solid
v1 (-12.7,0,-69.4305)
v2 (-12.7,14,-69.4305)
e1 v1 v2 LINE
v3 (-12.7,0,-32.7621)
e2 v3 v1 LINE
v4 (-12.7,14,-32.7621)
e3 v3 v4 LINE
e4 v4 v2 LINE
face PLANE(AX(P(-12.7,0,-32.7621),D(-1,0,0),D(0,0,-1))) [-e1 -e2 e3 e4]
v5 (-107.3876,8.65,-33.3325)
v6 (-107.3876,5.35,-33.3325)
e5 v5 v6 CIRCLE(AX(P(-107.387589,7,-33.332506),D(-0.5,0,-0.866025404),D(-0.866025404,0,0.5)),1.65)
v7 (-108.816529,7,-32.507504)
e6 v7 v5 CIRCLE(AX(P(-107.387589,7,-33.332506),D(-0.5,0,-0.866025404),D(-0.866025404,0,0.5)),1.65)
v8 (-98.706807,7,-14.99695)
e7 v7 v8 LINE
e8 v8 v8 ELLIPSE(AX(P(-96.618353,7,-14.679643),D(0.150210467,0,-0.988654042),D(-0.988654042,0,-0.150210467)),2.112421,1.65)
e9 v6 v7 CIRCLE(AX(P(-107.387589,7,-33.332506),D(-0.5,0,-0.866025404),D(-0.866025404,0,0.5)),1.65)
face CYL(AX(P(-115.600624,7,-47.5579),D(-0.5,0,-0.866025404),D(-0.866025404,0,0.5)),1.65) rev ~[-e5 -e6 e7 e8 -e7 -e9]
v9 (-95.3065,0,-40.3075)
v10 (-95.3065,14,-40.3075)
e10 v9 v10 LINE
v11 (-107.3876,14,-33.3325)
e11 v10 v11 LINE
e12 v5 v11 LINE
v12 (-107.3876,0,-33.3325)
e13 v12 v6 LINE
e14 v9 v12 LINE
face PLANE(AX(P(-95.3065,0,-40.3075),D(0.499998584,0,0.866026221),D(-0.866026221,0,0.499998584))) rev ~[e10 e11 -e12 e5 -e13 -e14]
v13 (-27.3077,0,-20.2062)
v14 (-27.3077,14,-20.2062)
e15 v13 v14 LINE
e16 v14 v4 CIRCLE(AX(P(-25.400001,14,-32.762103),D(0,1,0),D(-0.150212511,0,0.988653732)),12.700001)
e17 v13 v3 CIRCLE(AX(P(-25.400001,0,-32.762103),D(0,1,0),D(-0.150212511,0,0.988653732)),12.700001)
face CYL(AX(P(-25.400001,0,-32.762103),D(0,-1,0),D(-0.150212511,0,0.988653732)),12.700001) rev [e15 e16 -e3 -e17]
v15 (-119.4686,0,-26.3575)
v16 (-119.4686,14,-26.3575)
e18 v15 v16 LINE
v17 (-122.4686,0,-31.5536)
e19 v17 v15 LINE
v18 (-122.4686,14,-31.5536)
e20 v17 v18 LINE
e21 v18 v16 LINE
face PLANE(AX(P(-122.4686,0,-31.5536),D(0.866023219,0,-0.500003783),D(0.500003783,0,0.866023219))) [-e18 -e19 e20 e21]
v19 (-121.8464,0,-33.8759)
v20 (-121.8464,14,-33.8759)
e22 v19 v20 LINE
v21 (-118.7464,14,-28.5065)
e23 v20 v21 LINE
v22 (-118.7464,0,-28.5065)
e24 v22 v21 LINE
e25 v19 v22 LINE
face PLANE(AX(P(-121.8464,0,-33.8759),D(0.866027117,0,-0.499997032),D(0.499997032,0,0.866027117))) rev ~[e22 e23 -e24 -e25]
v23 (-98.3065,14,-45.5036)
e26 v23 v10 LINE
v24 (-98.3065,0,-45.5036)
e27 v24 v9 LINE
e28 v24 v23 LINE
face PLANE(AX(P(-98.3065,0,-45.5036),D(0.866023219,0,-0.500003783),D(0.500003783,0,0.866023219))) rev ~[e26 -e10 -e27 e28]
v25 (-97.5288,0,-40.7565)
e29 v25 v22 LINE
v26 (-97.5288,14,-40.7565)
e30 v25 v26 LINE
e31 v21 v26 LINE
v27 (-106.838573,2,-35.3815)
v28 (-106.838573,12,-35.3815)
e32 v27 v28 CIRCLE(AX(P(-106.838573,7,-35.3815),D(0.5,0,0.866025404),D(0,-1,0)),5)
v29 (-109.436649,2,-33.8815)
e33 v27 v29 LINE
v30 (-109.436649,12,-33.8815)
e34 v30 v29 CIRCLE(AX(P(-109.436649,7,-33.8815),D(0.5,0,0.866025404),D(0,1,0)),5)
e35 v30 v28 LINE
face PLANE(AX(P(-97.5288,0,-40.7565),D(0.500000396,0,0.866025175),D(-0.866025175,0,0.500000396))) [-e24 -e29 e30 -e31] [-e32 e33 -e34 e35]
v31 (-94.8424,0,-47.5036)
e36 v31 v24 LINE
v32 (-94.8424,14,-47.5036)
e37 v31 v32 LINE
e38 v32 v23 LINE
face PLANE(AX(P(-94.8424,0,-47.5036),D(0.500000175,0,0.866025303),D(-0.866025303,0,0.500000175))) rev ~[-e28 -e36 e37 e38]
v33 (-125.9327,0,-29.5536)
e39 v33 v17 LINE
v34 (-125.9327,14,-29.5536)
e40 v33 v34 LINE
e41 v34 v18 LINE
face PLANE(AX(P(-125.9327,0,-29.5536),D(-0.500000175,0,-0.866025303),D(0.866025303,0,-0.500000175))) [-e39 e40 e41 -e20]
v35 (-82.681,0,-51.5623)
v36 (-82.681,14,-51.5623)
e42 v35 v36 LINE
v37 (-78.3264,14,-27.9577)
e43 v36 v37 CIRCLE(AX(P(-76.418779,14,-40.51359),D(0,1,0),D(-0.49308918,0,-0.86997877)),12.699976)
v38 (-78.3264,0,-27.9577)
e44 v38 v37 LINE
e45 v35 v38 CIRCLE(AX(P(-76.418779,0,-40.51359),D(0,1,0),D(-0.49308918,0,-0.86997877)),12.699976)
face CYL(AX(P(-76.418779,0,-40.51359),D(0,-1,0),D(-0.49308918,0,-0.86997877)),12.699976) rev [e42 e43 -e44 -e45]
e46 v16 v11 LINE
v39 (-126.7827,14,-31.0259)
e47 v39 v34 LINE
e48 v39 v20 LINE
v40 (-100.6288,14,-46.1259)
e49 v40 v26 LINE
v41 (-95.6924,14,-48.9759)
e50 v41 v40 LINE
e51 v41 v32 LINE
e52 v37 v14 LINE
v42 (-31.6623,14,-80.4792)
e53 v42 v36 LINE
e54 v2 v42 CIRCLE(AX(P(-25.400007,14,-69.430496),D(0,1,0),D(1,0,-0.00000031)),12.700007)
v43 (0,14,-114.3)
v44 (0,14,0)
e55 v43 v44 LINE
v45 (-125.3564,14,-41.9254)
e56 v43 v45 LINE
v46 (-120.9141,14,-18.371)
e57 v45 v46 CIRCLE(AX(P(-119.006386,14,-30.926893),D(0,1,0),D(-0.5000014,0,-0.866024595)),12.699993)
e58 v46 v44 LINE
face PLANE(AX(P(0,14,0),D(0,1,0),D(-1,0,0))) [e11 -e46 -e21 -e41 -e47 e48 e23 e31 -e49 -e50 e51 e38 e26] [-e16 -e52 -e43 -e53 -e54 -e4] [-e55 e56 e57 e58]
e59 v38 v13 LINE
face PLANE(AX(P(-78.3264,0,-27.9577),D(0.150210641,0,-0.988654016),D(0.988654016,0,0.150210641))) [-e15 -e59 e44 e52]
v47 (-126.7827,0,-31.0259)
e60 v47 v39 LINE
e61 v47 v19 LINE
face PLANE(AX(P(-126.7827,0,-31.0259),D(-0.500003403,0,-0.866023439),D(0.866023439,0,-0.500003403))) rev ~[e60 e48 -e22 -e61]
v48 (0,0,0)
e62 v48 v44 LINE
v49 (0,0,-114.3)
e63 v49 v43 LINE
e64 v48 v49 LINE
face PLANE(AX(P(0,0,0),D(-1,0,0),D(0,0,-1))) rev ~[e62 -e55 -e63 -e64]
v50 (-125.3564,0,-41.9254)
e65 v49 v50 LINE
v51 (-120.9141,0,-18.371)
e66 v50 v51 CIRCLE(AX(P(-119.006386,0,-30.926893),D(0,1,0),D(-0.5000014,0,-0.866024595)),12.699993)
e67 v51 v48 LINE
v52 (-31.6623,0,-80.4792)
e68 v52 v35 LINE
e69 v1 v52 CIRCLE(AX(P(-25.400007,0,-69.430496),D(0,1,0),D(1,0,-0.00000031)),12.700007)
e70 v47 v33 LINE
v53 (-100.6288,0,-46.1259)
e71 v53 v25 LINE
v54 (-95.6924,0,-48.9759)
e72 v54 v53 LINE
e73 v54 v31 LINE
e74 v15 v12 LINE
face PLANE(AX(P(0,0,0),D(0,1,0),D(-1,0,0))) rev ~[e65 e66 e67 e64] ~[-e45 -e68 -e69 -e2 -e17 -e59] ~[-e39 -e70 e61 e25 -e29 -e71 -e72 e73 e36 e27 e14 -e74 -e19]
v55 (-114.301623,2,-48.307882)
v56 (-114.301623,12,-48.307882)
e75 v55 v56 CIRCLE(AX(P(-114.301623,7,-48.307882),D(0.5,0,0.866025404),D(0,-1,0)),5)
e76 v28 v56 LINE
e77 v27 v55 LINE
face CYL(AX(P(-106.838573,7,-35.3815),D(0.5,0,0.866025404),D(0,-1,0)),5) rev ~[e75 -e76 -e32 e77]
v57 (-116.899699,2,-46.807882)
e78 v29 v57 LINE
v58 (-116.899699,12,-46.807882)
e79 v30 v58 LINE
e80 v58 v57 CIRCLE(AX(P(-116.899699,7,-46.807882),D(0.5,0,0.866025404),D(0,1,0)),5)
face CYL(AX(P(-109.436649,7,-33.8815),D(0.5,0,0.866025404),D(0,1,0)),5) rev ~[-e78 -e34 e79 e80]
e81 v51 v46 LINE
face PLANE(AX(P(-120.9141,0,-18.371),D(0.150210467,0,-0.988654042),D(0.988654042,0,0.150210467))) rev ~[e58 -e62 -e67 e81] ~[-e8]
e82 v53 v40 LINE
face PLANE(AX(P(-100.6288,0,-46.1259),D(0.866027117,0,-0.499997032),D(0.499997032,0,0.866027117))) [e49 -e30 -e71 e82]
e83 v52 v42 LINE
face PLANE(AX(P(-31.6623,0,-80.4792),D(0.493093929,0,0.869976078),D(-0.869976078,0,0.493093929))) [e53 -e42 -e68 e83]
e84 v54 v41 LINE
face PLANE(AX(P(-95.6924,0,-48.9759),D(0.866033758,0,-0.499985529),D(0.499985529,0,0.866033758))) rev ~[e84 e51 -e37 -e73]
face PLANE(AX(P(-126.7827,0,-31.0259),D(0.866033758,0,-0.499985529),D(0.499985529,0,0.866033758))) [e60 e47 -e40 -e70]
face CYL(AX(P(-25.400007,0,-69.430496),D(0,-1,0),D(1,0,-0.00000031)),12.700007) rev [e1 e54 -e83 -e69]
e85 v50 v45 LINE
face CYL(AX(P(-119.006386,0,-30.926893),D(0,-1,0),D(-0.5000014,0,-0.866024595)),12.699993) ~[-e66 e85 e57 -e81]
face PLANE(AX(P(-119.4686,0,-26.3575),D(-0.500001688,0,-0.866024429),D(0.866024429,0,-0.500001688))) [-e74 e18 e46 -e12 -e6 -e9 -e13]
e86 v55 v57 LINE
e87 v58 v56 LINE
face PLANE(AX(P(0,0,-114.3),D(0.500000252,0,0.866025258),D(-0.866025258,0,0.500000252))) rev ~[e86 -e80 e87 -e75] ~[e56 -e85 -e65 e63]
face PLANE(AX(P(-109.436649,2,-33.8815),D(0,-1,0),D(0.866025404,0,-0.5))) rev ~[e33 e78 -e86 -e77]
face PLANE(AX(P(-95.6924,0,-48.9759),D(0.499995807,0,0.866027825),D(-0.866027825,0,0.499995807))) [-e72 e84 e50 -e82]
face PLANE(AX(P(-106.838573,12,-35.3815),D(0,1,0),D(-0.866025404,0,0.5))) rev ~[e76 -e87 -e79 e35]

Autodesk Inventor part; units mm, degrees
ref_plane "YZ Plane" through (0, 0, 0) normal (1, 0, 0) x (0, 1, 0)
ref_plane "XZ Plane" through (0, 0, 0) normal (0, 1, 0) x (-1, 0, 0)
ref_plane "XY Plane" through (0, 0, 0) normal (0, 0, 1) x (1, 0, 0)
sketch "Sketch1" plane through (0, 0, 0) normal (0, 1, 0) x (-1, 0, 0)
  line L0 (0, 0) -> (0, -114.3)
  line L1 (0, -114.3) -> (125.3564, -41.9254)
  line L2 (0, -114.3) -> (144.7491, -114.3) construction
  line L3 (120.9141, -18.371) -> (0, 0)
  arc A0 (125.3564, -41.9254) -> (120.9141, -18.371) centre (119.0064, -30.9269) ccw
  line L4 (12.7, -32.7621) -> (12.7, -69.4305)
  line L5 (0, -114.3) -> (0, -98.425)
  line L6 (31.6623, -80.4792) -> (82.681, -51.5623)
  line L7 (78.3264, -27.9577) -> (27.3077, -20.2062)
  arc A1 (82.681, -51.5623) -> (78.3264, -27.9577) centre (76.4188, -40.5136) ccw
  arc A2 (12.7, -69.4305) -> (31.6623, -80.4792) centre (25.4, -69.4305) ccw
  arc A3 (27.3077, -20.2062) -> (12.7, -32.7621) centre (25.4, -32.7621) ccw
  line L8 (126.7827, -31.0259) -> (121.8464, -33.8759)
  line L9 (121.8464, -33.8759) -> (118.7464, -28.5065)
  line L10 (126.7827, -31.0259) -> (125.9327, -29.5536)
  line L11 (125.9327, -29.5536) -> (122.4686, -31.5536)
  line L12 (122.4686, -31.5536) -> (119.4686, -26.3575)
  line L13 (118.7464, -28.5065) -> (108.1376, -34.6315)
  line L14 (119.4686, -26.3575) -> (107.3876, -33.3325)
  line L15 (95.6924, -48.9759) -> (100.6288, -46.1259)
  line L16 (100.6288, -46.1259) -> (97.5288, -40.7565)
  line L17 (95.6924, -48.9759) -> (94.8424, -47.5036)
  line L18 (94.8424, -47.5036) -> (98.3065, -45.5036)
  line L19 (98.3065, -45.5036) -> (95.3065, -40.3075)
  line L20 (97.5288, -40.7565) -> (108.1376, -34.6315)
  line L21 (95.3065, -40.3075) -> (107.3876, -33.3325)
  point P0 (156.7289, -23.8125)
  dimension "d0" = 114.3
  dimension "d2" = 30
  dimension "d3" = 12.7
  dimension "d5" = 15.875
  dimension "d8" = 12.7
  dimension "d9" = 12.7
  dimension "d34" = 5.7
  dimension "d36" = 6.2
  dimension "d37" = 1.7
  dimension "d38" = 4
  dimension "d39" = 6
  dimension "d41" = 12.25
  dimension "d42" = 13.95
  dimension "d45" = 1.7
  dimension "d46" = 12.25
  dimension "d47" = 13.95
  dimension "d48" = 1.7
  dimension "d49" = 6.2
  dimension "d50" = 5.7
  dimension "d59" = 24.5
extrude "Extrusion2" add sketch "Sketch1" along normal blind 14
sketch "Sketch3" plane through (-97.5288, 0, -40.7565) normal (0.5, 0, 0.866) x (0.866, 0, -0.5)
  line L0 (-13.75, 7) -> (-10.75, 7) construction
  line L1 (-13.75, 2) -> (-10.75, 2)
  line L2 (-10.75, 12) -> (-13.75, 12)
  arc A0 (-13.75, 12) -> (-13.75, 2) centre (-13.75, 7) ccw
  arc A1 (-10.75, 2) -> (-10.75, 12) centre (-10.75, 7) ccw
  line L3 (0, 0) -> (-24.5, 0) projected
  line L4 (-24.5, 0) -> (-24.5, 14) projected
  point P0 (64.0841, 0)
  point P1 (-12.25, 7)
  dimension "d55" = 10
  dimension "d56" = 7
  dimension "d57" = 3
  dimension "d58" = 12.25
extrude "Extrusion3" cut sketch "Sketch3" against normal up to next
sketch "Sketch4" plane through (-125.3564, 0, -41.9254) normal (-0.5, 0, -0.866) x (-0.866, 0, 0.5)
  arc A0 (-9.765, 2) -> (-9.765, 12) centre (-9.765, 7) ccw projected
  arc A1 (-12.765, 12) -> (-12.765, 2) centre (-12.765, 7) ccw projected
  line L0 (-9.765, 12) -> (-12.765, 12)
  line L1 (-9.765, 2) -> (-12.765, 2) projected
  line L2 (-9.765, 12) -> (-12.765, 2)
  line L3 (-9.765, 2) -> (-12.765, 12)
  circle A2 centre (-11.265, 7) radius 1.65
  point P0 (-87.5991, 0)
  dimension "d62" = 3.3
extrude "Extrusion4" cut sketch "Sketch4" against normal up to next contours A2 L2 L3 | L3 L2 A2 | L2 L3 A2 | A2 L3 L2
properties part number "Din_Rail_0.45mm_Clearance"
